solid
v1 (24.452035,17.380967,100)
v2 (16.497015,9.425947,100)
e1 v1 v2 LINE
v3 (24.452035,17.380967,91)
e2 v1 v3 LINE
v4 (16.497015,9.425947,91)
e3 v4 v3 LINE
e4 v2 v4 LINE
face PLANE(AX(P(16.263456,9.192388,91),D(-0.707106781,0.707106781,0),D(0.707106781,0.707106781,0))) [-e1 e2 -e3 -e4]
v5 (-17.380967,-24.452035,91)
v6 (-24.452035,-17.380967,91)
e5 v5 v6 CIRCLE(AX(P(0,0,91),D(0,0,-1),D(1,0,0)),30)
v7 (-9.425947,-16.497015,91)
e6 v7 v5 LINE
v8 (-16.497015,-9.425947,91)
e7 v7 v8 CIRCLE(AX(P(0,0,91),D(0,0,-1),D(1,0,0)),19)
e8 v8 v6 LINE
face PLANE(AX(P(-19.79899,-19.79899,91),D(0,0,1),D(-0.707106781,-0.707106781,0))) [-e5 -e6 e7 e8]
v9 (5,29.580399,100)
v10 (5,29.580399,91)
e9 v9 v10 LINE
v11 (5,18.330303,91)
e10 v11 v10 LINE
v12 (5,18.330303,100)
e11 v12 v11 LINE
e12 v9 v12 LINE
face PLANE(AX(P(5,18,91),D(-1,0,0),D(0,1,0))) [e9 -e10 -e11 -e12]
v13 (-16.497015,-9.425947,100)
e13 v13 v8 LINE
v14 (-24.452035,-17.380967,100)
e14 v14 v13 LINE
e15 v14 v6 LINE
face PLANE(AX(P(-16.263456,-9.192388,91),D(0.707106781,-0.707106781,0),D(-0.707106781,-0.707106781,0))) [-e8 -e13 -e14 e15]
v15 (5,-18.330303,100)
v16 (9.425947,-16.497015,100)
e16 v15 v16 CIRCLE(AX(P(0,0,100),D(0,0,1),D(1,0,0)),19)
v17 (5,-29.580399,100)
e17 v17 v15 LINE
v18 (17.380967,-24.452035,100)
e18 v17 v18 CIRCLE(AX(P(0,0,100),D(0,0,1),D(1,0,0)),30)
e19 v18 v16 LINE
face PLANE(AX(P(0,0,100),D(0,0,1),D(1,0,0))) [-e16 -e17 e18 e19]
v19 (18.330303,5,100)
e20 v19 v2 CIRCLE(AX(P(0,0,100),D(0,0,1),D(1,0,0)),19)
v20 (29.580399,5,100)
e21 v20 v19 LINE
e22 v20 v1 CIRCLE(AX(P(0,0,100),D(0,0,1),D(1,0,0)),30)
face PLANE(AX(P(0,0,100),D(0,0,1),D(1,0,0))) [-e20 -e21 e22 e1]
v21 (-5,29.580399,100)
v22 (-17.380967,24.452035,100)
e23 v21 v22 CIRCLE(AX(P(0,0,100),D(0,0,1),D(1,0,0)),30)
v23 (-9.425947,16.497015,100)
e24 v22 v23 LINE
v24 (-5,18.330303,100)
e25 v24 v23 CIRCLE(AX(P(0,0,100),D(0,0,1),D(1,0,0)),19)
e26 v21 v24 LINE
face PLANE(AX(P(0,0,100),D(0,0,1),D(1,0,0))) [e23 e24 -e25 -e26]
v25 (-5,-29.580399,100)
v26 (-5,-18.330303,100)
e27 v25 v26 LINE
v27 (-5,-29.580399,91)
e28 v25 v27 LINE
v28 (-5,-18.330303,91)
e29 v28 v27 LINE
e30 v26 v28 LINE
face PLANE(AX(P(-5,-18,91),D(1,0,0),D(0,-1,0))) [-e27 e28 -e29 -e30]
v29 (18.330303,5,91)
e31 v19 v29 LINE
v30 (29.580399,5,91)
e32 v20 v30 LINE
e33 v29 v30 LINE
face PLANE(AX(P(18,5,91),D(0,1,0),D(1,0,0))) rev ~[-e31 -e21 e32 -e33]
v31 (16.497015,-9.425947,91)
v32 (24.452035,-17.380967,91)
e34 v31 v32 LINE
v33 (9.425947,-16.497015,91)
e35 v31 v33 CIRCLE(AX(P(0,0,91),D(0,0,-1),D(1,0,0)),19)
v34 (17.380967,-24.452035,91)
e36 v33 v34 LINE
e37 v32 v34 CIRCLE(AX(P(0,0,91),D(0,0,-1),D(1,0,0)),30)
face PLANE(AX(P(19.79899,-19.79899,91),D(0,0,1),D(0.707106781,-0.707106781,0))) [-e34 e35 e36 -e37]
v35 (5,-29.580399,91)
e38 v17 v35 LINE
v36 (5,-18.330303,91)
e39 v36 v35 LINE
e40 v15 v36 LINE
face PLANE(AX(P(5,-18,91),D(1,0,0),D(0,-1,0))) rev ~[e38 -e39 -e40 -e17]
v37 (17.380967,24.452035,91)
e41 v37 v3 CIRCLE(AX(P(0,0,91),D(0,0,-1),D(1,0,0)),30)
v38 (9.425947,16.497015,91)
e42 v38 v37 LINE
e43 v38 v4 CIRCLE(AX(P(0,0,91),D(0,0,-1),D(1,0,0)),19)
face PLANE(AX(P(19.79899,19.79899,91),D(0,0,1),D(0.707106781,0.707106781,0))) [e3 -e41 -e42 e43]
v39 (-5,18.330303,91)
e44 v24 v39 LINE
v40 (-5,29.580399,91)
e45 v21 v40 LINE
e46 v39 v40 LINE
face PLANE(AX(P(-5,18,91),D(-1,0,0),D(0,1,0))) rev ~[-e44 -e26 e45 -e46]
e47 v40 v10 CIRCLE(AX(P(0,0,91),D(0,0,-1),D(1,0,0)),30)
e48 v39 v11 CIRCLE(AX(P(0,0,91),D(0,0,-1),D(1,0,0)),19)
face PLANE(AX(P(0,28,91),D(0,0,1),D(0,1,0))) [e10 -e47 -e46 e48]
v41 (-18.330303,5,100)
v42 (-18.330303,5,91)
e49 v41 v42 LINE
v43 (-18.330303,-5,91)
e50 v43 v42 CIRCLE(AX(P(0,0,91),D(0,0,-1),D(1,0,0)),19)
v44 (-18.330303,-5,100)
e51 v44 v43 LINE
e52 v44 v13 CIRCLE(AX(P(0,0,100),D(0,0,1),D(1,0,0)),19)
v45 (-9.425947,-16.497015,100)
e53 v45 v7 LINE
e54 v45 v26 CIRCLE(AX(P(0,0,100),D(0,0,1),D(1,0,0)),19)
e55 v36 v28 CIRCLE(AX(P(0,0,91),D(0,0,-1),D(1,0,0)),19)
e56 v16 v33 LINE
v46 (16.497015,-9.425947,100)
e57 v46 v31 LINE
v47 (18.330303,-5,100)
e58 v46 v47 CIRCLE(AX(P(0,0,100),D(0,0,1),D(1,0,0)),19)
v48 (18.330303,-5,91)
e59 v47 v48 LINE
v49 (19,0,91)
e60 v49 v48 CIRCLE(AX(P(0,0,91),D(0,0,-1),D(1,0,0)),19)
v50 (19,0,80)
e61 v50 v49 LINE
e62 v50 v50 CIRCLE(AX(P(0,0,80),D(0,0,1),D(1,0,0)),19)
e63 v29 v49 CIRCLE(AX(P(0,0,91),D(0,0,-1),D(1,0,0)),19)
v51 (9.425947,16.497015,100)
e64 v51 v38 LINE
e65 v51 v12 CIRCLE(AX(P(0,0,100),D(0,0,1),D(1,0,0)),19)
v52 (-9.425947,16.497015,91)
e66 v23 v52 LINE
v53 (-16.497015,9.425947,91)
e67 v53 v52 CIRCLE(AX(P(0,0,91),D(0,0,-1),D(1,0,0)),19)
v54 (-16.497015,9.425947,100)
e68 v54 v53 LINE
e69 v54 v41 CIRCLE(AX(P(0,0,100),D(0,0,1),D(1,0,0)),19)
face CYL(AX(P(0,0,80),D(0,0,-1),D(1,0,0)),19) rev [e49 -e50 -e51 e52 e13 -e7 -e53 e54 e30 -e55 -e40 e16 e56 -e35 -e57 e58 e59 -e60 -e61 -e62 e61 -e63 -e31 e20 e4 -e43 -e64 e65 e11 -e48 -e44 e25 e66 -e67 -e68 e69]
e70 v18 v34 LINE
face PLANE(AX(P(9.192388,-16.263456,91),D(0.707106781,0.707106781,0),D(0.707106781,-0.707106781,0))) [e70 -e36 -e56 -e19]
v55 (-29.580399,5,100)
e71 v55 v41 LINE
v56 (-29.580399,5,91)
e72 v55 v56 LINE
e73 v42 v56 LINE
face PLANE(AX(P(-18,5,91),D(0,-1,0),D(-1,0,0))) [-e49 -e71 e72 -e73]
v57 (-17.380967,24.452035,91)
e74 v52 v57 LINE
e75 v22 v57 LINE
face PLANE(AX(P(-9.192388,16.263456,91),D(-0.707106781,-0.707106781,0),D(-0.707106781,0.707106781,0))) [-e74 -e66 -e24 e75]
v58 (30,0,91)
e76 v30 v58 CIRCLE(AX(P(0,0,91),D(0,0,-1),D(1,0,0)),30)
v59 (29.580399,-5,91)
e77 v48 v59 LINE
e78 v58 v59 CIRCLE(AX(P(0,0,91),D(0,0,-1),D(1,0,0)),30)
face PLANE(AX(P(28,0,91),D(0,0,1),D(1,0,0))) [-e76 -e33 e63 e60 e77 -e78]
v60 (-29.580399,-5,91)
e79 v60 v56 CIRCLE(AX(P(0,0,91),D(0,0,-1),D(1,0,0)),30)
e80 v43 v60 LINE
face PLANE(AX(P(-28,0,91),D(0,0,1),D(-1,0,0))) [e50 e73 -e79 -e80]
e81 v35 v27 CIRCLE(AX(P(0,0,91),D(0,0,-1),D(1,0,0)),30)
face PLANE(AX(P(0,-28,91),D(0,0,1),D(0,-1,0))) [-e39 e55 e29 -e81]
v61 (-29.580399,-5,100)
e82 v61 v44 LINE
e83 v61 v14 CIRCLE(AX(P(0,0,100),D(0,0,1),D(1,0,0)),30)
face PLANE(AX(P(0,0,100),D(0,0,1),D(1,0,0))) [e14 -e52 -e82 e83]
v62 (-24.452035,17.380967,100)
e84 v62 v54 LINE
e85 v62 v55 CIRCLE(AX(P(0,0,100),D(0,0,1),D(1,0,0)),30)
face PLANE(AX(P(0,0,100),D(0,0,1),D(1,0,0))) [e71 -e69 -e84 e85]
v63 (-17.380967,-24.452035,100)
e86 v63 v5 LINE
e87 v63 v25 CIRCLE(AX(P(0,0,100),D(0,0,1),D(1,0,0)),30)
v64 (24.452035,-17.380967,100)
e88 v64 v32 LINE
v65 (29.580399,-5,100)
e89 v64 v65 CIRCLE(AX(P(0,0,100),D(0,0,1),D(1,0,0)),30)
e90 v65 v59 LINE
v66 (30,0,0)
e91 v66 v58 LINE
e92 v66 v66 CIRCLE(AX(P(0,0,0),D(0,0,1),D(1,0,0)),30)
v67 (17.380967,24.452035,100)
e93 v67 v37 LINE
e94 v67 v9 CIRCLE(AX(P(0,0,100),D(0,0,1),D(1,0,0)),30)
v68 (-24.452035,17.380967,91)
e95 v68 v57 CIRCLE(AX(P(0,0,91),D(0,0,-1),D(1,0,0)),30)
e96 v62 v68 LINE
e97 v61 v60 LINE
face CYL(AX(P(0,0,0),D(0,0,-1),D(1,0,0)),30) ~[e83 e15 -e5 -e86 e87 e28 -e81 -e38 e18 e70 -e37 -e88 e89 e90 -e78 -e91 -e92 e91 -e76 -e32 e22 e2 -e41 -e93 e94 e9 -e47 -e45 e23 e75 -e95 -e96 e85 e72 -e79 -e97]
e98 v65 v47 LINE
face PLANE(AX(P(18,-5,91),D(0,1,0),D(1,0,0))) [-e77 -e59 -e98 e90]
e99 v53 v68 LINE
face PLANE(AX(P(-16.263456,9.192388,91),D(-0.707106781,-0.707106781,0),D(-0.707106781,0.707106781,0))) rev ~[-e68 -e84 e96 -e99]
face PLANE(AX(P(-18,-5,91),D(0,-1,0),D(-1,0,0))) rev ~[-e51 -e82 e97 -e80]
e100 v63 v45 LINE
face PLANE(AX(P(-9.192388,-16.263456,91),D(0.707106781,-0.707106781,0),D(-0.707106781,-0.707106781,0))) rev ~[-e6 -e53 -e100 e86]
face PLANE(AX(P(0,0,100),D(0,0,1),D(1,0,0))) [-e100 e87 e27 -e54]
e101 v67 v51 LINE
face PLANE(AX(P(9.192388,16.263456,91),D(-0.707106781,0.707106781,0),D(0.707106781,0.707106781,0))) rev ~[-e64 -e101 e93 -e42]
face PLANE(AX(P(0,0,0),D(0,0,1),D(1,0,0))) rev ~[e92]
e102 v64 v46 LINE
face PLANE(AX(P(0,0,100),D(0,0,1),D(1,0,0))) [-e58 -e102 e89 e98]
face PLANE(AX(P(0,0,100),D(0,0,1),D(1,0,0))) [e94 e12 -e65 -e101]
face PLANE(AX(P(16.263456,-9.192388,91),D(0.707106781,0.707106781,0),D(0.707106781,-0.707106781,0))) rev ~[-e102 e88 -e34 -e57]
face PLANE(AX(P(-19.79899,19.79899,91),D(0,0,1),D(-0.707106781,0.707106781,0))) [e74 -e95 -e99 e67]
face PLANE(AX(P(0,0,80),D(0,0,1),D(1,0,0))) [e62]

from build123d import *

# Parameters (mm, degrees)
CYLINDER001_R     = 19
CYLINDER001_DEPTH = 20
BOX_W             = 20
BOX_H             = 10
BOX_DEPTH         = 10
ARRAY_COUNT       = 8
CYLINDER_R        = 30
CYLINDER_DEPTH    = 100


with BuildPart() as cilindre001:
    # Cylinder001 → Cylinder001 (new body)
    with BuildSketch(Plane.XY.offset(80)):
        Circle(CYLINDER001_R)
    extrude(amount=CYLINDER001_DEPTH)


with BuildPart() as array:
    # Box → Box (new body)
    with BuildSketch(Plane(origin=(18, -5, 91), x_dir=(1, 0, 0), z_dir=(0, 0, 1))):
        with Locations((10, 5)):
            Rectangle(BOX_W, BOX_H)
    extrude(amount=BOX_DEPTH)

    # Array: Array ×8 about axis
    array_axis = Axis((0, 0, 0), (0, 0, 1))


with BuildPart() as array_1:
    add(array.part)
    for i in range(1, ARRAY_COUNT):
        add(array.part.rotate(array_axis, i * 360 / ARRAY_COUNT))


with BuildPart() as cut001:
    # Cylinder → Cylinder (new body)
    with BuildSketch(Plane.XY):
        Circle(CYLINDER_R)
    extrude(amount=CYLINDER_DEPTH)

    # Cut: cut Array
    add(array_1.part, mode=Mode.SUBTRACT)

    # Cut001: cut Cilindre001
    add(cilindre001.part, mode=Mode.SUBTRACT)


solid = cut001.part
